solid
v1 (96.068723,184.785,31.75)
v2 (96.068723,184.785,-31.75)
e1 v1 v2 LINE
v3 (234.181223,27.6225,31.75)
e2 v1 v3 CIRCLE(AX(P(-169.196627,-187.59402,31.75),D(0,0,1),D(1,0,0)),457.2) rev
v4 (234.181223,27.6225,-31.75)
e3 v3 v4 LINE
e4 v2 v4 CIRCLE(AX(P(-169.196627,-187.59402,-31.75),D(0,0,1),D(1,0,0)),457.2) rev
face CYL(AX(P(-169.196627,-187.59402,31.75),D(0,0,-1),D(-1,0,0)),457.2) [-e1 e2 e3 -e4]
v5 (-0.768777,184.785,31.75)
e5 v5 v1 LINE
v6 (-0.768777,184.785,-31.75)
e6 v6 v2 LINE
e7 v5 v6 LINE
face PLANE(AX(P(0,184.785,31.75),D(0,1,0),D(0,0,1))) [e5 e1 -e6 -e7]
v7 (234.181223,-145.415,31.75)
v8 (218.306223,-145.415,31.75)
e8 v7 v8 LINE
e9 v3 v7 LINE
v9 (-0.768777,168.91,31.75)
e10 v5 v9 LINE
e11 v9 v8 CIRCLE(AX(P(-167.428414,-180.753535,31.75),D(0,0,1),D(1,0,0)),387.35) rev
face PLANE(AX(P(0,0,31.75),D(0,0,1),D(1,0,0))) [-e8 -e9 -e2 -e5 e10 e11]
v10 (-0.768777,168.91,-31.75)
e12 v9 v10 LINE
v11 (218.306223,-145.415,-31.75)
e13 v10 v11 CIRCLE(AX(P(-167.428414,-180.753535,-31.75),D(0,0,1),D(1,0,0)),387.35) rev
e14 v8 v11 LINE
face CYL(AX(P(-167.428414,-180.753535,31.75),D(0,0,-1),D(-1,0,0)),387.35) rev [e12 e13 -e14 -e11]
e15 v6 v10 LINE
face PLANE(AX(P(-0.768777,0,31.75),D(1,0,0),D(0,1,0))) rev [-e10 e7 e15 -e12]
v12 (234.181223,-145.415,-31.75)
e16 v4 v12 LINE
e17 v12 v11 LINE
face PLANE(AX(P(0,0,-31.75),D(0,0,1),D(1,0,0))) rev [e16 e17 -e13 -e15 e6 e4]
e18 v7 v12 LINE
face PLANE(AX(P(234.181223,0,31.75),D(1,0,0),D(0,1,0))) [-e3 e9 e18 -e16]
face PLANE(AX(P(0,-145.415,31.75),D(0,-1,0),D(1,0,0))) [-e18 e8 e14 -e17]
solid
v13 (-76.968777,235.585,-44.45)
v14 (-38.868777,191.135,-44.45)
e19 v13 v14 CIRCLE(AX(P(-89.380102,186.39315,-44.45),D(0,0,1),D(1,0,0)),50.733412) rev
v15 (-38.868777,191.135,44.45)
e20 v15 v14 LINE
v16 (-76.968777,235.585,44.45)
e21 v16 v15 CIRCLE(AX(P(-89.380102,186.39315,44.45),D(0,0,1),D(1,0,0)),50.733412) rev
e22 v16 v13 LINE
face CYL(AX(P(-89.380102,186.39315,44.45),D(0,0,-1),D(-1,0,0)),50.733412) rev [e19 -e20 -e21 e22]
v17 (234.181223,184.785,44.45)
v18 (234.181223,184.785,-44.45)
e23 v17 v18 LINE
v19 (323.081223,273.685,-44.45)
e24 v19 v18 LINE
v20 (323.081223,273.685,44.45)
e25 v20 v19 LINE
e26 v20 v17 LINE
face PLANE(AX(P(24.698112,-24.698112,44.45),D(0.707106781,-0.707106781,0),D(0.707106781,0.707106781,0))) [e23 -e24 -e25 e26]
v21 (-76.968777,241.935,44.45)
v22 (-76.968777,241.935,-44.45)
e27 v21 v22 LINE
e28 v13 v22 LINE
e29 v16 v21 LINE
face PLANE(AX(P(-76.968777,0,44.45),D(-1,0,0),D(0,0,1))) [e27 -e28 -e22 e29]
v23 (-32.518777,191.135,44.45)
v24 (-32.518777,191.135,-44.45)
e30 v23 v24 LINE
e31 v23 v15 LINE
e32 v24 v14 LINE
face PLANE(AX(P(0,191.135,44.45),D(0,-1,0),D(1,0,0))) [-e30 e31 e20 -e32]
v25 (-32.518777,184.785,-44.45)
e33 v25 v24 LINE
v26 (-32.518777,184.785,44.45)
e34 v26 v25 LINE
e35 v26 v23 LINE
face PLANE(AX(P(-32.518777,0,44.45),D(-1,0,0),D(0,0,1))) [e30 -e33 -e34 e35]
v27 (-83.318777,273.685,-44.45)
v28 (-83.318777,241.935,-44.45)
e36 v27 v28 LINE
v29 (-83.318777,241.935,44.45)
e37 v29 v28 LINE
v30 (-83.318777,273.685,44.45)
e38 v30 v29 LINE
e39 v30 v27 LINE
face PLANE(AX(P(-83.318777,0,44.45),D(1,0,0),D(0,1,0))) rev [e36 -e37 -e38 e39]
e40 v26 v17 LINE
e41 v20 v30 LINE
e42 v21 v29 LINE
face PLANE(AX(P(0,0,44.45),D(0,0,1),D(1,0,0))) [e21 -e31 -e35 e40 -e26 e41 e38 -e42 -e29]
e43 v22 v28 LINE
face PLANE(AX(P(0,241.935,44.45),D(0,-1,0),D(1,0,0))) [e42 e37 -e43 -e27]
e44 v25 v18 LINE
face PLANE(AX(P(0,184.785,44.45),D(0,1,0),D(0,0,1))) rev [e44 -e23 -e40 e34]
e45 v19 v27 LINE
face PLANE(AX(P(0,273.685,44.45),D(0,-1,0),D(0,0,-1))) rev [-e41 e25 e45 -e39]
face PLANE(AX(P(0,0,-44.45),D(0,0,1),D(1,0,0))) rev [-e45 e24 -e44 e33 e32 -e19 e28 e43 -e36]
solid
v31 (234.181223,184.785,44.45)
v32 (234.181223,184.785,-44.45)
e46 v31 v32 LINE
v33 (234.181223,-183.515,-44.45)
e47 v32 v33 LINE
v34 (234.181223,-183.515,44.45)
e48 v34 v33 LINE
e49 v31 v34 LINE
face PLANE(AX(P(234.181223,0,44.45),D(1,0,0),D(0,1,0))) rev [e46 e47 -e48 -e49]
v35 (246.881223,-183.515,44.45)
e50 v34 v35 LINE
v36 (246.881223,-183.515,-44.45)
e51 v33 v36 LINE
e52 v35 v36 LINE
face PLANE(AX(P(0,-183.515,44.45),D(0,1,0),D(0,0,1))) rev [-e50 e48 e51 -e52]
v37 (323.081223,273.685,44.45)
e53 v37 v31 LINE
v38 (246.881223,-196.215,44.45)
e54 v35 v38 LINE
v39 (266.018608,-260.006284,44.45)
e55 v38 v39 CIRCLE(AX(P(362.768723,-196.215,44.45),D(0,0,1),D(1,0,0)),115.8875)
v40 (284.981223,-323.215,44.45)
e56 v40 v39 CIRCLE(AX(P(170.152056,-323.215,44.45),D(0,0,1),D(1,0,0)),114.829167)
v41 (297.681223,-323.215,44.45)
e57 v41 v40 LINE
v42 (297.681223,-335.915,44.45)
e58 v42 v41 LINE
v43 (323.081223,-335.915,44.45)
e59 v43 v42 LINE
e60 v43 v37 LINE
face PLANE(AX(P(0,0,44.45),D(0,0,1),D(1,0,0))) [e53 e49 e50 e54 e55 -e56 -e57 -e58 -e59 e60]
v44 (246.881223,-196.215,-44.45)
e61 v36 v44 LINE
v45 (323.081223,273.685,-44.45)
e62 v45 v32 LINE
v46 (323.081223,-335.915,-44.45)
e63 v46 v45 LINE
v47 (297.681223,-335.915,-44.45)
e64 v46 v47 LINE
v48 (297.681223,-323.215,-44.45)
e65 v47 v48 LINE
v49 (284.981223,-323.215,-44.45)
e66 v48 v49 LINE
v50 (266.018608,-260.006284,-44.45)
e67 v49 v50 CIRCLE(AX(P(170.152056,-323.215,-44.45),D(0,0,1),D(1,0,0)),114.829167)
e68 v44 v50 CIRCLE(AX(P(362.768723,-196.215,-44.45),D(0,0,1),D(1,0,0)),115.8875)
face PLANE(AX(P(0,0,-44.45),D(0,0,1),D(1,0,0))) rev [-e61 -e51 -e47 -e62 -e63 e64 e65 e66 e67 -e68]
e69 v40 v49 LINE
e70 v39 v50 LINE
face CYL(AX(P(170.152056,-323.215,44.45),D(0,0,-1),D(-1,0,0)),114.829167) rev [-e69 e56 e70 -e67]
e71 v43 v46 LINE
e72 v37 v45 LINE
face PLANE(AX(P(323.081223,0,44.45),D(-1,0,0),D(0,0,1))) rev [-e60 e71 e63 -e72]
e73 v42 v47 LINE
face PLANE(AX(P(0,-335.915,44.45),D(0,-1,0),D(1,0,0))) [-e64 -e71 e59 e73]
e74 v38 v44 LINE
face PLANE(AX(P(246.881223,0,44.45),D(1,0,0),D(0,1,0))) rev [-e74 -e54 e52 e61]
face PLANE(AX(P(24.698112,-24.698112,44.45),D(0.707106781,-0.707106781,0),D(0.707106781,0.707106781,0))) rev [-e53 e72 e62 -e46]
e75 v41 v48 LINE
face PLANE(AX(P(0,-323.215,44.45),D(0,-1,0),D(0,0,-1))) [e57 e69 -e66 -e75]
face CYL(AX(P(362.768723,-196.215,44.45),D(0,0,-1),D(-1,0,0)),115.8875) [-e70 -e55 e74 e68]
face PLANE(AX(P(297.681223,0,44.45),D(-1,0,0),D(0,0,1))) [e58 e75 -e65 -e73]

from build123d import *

# Parameters (mm, degrees)
BOSS_EXTRUDE1_DEPTH = 44.45
BOSS_EXTRUDE2_DEPTH = 31.75
BOSS_EXTRUDE3_DEPTH = 44.45


with BuildPart() as part:
    # Sketch1 → Boss-Extrude1 (new body, symmetric)
    with BuildSketch(Plane.XY):
        with BuildLine():
            Line((-76.968776984, 235.585), (-76.968776984, 241.935))
            Line((-76.968776984, 241.935), (-83.318776984, 241.935))
            Line((-83.318776984, 241.935), (-83.318776984, 273.685))
            Line((-83.318776984, 273.685), (323.081223016, 273.685))
            Line((323.081223016, 273.685), (234.181223016, 184.785))
            Line((234.181223016, 184.785), (-32.518776984, 184.785))
            Line((-32.518776984, 184.785), (-32.518776984, 191.135))
            Line((-32.518776984, 191.135), (-38.868776984, 191.135))
            ThreePointArc((-38.868776984, 191.135), (-50.860423906, 219.410016924), (-76.968776984, 235.585))
        make_face()
    extrude(amount=BOSS_EXTRUDE1_DEPTH, both=True)


with BuildPart() as body_2:
    # Sketch1_3 → Boss-Extrude2 (new body, symmetric)
    with BuildSketch(Plane.XY):
        with BuildLine():
            ThreePointArc((234.181223016, 27.6225), (174.235964773, 114.210379121), (96.068723016, 184.785))
            Line((96.068723016, 184.785), (-0.768776984, 184.785))
            Line((-0.768776984, 184.785), (-0.768776984, 168.91))
            ThreePointArc((-0.768776984, 168.91), (150.352815584, 40.730352396), (218.306223016, -145.415))
            Line((218.306223016, -145.415), (234.181223016, -145.415))
            Line((234.181223016, -145.415), (234.181223016, 27.6225))
        make_face()
    extrude(amount=BOSS_EXTRUDE2_DEPTH, both=True)


with BuildPart() as body_3:
    # Sketch1_4 → Boss-Extrude3 (new body, symmetric)
    with BuildSketch(Plane.XY):
        with BuildLine():
            Line((323.081223016, -335.915), (323.081223016, 273.685))
            Line((323.081223016, 273.685), (234.181223016, 184.785))
            Line((234.181223016, 184.785), (234.181223016, -183.515))
            Line((234.181223016, -183.515), (246.881223016, -183.515))
            Line((246.881223016, -183.515), (246.881223016, -196.215))
            ThreePointArc((246.881223016, -196.215), (251.768629387, -229.515028089), (266.018608337, -260.006284404))
            ThreePointArc((266.018608337, -260.006284404), (280.138450492, -290.219081757), (284.981223016, -323.215))
            Line((284.981223016, -323.215), (297.681223016, -323.215))
            Line((297.681223016, -323.215), (297.681223016, -335.915))
            Line((297.681223016, -335.915), (323.081223016, -335.915))
        make_face()
    extrude(amount=BOSS_EXTRUDE3_DEPTH, both=True)


solid = Compound([part.part, body_2.part, body_3.part])
